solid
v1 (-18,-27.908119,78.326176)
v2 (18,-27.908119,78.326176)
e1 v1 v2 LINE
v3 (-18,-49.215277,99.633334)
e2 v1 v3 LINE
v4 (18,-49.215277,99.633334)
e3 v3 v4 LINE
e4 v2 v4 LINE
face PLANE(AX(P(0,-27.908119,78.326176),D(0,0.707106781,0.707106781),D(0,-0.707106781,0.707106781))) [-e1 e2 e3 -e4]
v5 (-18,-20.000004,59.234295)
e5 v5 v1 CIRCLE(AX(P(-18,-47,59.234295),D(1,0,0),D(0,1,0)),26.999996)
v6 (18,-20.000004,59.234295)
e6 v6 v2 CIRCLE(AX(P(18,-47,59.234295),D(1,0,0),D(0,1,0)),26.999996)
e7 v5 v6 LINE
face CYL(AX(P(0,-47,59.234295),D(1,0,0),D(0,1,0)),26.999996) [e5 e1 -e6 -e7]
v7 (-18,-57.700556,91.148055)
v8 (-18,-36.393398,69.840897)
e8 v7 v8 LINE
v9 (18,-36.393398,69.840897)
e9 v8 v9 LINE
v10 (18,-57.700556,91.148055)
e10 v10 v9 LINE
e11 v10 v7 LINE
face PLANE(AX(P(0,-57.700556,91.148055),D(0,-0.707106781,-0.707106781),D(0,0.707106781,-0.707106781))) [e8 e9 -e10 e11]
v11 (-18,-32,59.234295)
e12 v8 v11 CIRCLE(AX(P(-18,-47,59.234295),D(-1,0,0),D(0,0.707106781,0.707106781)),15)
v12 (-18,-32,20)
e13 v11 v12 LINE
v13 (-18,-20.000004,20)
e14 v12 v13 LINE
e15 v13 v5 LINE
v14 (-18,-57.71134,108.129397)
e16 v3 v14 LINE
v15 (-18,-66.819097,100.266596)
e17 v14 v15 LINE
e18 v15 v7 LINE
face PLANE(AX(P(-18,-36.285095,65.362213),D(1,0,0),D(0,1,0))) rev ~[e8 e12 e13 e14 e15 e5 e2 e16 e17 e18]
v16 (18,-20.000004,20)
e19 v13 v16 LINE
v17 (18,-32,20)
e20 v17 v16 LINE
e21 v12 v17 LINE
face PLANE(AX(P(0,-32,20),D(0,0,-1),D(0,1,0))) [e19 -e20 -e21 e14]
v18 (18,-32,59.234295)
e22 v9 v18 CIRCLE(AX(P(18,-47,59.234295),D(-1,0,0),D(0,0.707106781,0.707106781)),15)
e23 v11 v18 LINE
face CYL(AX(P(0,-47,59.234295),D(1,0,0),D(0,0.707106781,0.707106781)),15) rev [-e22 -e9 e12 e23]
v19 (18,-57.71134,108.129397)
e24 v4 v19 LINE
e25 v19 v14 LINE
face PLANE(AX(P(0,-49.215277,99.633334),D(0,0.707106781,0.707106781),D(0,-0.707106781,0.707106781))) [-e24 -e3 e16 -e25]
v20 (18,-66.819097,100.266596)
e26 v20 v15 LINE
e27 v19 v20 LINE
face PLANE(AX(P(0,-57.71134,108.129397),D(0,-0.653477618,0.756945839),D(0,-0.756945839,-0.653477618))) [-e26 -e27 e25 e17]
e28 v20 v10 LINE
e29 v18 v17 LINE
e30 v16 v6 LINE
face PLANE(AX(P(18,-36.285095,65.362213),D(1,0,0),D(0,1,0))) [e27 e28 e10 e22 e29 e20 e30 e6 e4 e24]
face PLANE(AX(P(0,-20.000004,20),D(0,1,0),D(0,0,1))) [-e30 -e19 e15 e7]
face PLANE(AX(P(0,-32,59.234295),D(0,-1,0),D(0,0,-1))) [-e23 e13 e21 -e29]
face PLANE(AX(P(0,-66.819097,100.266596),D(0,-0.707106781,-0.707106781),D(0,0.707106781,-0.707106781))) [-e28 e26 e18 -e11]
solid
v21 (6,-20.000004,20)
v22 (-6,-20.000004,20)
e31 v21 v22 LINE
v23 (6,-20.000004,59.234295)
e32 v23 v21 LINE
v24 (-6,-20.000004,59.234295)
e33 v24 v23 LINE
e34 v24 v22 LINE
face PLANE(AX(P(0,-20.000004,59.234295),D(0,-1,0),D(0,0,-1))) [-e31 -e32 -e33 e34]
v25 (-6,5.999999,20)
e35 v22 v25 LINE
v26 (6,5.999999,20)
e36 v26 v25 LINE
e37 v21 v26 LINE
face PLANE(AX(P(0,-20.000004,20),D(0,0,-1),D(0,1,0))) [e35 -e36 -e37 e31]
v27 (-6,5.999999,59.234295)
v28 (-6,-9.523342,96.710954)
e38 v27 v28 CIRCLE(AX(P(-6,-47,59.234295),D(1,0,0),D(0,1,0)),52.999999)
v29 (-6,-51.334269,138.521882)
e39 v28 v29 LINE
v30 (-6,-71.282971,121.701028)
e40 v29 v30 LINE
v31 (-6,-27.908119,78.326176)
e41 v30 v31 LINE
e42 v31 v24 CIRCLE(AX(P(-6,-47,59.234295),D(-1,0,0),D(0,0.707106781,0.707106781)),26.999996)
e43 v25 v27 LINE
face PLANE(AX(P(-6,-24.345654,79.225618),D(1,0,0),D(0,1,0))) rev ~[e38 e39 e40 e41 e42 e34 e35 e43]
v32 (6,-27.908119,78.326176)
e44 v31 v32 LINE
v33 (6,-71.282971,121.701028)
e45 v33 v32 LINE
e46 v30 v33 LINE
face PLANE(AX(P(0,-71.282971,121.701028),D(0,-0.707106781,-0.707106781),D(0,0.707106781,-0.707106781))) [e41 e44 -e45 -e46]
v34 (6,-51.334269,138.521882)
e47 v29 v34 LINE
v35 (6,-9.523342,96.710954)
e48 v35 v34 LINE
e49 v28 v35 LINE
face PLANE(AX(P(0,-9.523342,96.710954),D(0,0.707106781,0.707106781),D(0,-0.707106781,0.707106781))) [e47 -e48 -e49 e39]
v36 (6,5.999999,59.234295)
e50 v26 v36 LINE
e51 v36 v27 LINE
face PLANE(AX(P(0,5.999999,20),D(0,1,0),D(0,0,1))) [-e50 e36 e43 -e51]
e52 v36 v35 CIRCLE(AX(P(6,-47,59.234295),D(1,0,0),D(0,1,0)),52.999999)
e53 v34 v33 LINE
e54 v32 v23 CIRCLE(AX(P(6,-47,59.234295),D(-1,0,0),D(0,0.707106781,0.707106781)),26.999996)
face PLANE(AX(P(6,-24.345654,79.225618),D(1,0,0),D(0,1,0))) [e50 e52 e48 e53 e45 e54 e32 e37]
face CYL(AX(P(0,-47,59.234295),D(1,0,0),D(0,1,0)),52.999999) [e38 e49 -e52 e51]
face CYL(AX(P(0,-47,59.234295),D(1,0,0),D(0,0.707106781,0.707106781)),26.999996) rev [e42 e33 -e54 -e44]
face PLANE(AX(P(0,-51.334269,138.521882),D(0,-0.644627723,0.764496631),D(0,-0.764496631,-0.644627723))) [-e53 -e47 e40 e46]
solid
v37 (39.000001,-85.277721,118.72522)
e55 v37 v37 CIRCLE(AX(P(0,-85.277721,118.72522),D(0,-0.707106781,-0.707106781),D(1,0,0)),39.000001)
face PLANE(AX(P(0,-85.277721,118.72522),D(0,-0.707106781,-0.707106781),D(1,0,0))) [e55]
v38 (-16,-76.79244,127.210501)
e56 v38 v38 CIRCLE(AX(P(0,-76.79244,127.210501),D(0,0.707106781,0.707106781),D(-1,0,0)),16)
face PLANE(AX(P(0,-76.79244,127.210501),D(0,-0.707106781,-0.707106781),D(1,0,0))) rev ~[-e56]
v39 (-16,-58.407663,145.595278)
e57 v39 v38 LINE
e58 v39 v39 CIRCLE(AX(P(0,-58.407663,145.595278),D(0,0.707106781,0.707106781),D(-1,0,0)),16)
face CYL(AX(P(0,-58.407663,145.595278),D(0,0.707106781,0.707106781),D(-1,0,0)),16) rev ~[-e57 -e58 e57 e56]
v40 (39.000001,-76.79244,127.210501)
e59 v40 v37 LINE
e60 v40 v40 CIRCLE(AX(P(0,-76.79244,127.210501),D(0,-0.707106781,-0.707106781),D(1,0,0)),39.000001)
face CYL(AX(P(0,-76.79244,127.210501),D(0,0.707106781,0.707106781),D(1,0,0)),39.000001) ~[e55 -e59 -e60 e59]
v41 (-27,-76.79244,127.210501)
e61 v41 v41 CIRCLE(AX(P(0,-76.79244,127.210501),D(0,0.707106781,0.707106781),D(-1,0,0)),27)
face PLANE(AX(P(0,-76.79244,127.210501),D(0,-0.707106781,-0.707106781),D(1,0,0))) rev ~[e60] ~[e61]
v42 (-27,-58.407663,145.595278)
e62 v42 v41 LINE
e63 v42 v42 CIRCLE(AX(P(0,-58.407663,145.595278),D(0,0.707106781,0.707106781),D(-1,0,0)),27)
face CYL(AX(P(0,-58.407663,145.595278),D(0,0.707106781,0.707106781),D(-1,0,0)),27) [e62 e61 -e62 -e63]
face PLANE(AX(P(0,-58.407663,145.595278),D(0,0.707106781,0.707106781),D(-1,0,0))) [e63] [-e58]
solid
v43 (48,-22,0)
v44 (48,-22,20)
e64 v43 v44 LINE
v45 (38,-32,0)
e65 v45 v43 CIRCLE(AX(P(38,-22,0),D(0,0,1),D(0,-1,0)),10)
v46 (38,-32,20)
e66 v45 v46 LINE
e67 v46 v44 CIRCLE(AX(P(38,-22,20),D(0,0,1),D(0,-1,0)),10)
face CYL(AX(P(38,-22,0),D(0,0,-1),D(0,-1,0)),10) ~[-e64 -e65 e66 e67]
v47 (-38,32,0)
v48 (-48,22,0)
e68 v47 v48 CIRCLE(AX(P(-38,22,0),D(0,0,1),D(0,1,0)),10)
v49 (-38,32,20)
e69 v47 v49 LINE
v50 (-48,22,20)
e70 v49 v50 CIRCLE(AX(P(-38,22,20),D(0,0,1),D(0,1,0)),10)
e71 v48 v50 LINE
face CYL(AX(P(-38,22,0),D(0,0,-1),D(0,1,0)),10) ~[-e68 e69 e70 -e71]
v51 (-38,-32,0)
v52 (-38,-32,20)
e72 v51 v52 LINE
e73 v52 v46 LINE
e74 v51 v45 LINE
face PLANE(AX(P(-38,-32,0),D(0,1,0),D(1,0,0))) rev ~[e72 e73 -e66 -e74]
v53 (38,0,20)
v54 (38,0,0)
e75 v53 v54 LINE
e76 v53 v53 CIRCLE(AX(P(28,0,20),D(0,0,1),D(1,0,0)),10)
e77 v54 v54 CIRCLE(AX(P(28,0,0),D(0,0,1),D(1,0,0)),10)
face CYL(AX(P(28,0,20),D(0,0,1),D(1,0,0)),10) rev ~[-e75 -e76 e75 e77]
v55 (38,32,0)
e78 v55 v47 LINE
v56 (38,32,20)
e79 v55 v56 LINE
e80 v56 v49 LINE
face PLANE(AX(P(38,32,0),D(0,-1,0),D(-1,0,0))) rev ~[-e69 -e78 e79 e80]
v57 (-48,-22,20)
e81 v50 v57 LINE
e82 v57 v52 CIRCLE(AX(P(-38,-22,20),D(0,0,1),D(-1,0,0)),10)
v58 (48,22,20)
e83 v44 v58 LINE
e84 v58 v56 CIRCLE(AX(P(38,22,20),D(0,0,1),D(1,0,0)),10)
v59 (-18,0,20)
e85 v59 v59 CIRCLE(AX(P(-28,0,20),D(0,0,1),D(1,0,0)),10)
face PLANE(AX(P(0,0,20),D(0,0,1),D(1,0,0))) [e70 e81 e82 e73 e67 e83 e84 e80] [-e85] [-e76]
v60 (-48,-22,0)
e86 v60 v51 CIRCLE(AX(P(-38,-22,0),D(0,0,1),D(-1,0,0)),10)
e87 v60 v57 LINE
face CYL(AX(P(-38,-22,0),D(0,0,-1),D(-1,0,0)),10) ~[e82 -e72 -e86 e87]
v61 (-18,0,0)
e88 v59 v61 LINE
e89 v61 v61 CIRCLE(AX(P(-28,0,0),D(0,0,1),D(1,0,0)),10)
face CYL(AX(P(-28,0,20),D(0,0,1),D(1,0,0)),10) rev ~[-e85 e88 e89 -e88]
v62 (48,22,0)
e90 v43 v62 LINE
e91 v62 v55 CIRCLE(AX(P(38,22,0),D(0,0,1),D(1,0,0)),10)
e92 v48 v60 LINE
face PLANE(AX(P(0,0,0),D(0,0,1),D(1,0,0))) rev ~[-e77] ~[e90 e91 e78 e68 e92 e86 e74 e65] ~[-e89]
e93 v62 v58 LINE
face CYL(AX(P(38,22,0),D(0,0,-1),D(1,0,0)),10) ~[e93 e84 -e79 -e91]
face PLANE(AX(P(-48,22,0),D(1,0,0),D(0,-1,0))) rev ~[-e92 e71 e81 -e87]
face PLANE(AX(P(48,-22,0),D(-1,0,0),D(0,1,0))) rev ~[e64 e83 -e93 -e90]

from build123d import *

# Parameters (mm, degrees)
F1_DEPTH       = 20
F2_R           = 10
F3_DEPTH       = 20
F6_R           = 27
F6_R_2         = 16
F7_DEPTH       = 26
F8_R           = 39.0000008047
F9_DEPTH       = 12
F11_DEPTH      = 18
F11_DEPTH_BACK = 18
F13_DEPTH      = 6
F13_DEPTH_BACK = 6


with BuildPart() as f1:
    # F0 (on Top) → F1 (new body)
    with BuildSketch(Plane.XY):
        with BuildLine():
            ThreePointArc((48, 22), (45.0710678119, 29.0710678119), (38, 32))
            Line((38, 32), (-38, 32))
            ThreePointArc((-38, 32), (-45.0710678119, 29.0710678119), (-48, 22))
            Line((-48, 22), (-48, -22))
            ThreePointArc((-48, -22), (-45.0710678119, -29.0710678119), (-38, -32))
            Line((-38, -32), (38, -32))
            ThreePointArc((38, -32), (45.0710678119, -29.0710678119), (48, -22))
            Line((48, -22), (48, 22))
        make_face()
    extrude(amount=F1_DEPTH)

    # F2 (on face) → F3 (cut)
    with BuildSketch(Plane.XY.offset(20)):
        with Locations((28, 0)):
            Circle(F2_R)
        with Locations((-28, 0)):
            Circle(F2_R)
    extrude(amount=-F3_DEPTH, mode=Mode.SUBTRACT)


with BuildPart() as f7:
    # F6 (on face) → F7 (new body)
    with BuildSketch(Plane(origin=(0, 43.593807146, 43.593807146), x_dir=(-1, 0, 0), z_dir=(0, 0.7071067812, 0.7071067812))):
        with Locations((0, 144.2518627754)):
            Circle(F6_R)
        with Locations((0, 144.2518627754)):
            Circle(F6_R_2, mode=Mode.SUBTRACT)
    extrude(amount=-F7_DEPTH)

    # F8 (on face) → F9 (join)
    with BuildSketch(Plane(origin=(0, 25.2090308351, 25.2090308351), x_dir=(1, 0, 0), z_dir=(0, -0.7071067812, -0.7071067812))):
        with Locations((0, 144.2518627754)):
            Circle(F8_R)
    extrude(amount=F9_DEPTH)


with BuildPart() as f11:
    # F10 (on Right) → F11 (new body, two sides)
    with BuildSketch(Plane.YZ) as f11_sk:
        with BuildLine():
            Line((-57.7005558711, 91.1480547929), (-36.3933982822, 69.8408972039))
            ThreePointArc((-36.3933982822, 69.8408972039), (-33.1418070123, 64.9745469716), (-32, 59.2342954861))
            Line((-32, 59.2342954861), (-32, 20))
            Line((-32, 20), (-20.0000036222, 20))
            Line((-20.0000036222, 20), (-20.0000036222, 59.2342954861))
            ThreePointArc((-20.0000036222, 59.2342954861), (-22.0552559687, 69.5667467738), (-27.9081194692, 78.3261760169))
            Line((-27.9081194692, 78.3261760169), (-49.2152770582, 99.6333336058))
            Line((-49.2152770582, 99.6333336058), (-57.711340487, 108.1293970346))
            Line((-57.711340487, 108.1293970346), (-66.8190966824, 100.2665956041))
            Line((-66.8190966824, 100.2665956041), (-57.7005558711, 91.1480547929))
        make_face()
    extrude(amount=F11_DEPTH)
    extrude(f11_sk.sketch, amount=-F11_DEPTH_BACK)


with BuildPart() as f13:
    # F12 (on Right) → F13 (new body, two sides)
    with BuildSketch(Plane.YZ) as f13_sk:
        with BuildLine():
            ThreePointArc((5.9999986829, 59.2342954861), (1.9656140063, 79.5165168975), (-9.5233415284, 96.7109539577))
            Line((-9.5233415284, 96.7109539577), (-51.3342692497, 138.5218816789))
            Line((-51.3342692497, 138.5218816789), (-71.2829710805, 121.7010276282))
            Line((-71.2829710805, 121.7010276282), (-27.9081194692, 78.3261760169))
            ThreePointArc((-27.9081194692, 78.3261760169), (-22.0552559687, 69.5667467738), (-20.0000036222, 59.2342954861))
            Line((-20.0000036222, 59.2342954861), (-20.0000036222, 20))
            Line((-20.0000036222, 20), (5.9999986829, 20))
            Line((5.9999986829, 20), (5.9999986829, 59.2342954861))
        make_face()
    extrude(amount=F13_DEPTH)
    extrude(f13_sk.sketch, amount=-F13_DEPTH_BACK)


solid = Compound([f1.part, f7.part, f11.part, f13.part])
